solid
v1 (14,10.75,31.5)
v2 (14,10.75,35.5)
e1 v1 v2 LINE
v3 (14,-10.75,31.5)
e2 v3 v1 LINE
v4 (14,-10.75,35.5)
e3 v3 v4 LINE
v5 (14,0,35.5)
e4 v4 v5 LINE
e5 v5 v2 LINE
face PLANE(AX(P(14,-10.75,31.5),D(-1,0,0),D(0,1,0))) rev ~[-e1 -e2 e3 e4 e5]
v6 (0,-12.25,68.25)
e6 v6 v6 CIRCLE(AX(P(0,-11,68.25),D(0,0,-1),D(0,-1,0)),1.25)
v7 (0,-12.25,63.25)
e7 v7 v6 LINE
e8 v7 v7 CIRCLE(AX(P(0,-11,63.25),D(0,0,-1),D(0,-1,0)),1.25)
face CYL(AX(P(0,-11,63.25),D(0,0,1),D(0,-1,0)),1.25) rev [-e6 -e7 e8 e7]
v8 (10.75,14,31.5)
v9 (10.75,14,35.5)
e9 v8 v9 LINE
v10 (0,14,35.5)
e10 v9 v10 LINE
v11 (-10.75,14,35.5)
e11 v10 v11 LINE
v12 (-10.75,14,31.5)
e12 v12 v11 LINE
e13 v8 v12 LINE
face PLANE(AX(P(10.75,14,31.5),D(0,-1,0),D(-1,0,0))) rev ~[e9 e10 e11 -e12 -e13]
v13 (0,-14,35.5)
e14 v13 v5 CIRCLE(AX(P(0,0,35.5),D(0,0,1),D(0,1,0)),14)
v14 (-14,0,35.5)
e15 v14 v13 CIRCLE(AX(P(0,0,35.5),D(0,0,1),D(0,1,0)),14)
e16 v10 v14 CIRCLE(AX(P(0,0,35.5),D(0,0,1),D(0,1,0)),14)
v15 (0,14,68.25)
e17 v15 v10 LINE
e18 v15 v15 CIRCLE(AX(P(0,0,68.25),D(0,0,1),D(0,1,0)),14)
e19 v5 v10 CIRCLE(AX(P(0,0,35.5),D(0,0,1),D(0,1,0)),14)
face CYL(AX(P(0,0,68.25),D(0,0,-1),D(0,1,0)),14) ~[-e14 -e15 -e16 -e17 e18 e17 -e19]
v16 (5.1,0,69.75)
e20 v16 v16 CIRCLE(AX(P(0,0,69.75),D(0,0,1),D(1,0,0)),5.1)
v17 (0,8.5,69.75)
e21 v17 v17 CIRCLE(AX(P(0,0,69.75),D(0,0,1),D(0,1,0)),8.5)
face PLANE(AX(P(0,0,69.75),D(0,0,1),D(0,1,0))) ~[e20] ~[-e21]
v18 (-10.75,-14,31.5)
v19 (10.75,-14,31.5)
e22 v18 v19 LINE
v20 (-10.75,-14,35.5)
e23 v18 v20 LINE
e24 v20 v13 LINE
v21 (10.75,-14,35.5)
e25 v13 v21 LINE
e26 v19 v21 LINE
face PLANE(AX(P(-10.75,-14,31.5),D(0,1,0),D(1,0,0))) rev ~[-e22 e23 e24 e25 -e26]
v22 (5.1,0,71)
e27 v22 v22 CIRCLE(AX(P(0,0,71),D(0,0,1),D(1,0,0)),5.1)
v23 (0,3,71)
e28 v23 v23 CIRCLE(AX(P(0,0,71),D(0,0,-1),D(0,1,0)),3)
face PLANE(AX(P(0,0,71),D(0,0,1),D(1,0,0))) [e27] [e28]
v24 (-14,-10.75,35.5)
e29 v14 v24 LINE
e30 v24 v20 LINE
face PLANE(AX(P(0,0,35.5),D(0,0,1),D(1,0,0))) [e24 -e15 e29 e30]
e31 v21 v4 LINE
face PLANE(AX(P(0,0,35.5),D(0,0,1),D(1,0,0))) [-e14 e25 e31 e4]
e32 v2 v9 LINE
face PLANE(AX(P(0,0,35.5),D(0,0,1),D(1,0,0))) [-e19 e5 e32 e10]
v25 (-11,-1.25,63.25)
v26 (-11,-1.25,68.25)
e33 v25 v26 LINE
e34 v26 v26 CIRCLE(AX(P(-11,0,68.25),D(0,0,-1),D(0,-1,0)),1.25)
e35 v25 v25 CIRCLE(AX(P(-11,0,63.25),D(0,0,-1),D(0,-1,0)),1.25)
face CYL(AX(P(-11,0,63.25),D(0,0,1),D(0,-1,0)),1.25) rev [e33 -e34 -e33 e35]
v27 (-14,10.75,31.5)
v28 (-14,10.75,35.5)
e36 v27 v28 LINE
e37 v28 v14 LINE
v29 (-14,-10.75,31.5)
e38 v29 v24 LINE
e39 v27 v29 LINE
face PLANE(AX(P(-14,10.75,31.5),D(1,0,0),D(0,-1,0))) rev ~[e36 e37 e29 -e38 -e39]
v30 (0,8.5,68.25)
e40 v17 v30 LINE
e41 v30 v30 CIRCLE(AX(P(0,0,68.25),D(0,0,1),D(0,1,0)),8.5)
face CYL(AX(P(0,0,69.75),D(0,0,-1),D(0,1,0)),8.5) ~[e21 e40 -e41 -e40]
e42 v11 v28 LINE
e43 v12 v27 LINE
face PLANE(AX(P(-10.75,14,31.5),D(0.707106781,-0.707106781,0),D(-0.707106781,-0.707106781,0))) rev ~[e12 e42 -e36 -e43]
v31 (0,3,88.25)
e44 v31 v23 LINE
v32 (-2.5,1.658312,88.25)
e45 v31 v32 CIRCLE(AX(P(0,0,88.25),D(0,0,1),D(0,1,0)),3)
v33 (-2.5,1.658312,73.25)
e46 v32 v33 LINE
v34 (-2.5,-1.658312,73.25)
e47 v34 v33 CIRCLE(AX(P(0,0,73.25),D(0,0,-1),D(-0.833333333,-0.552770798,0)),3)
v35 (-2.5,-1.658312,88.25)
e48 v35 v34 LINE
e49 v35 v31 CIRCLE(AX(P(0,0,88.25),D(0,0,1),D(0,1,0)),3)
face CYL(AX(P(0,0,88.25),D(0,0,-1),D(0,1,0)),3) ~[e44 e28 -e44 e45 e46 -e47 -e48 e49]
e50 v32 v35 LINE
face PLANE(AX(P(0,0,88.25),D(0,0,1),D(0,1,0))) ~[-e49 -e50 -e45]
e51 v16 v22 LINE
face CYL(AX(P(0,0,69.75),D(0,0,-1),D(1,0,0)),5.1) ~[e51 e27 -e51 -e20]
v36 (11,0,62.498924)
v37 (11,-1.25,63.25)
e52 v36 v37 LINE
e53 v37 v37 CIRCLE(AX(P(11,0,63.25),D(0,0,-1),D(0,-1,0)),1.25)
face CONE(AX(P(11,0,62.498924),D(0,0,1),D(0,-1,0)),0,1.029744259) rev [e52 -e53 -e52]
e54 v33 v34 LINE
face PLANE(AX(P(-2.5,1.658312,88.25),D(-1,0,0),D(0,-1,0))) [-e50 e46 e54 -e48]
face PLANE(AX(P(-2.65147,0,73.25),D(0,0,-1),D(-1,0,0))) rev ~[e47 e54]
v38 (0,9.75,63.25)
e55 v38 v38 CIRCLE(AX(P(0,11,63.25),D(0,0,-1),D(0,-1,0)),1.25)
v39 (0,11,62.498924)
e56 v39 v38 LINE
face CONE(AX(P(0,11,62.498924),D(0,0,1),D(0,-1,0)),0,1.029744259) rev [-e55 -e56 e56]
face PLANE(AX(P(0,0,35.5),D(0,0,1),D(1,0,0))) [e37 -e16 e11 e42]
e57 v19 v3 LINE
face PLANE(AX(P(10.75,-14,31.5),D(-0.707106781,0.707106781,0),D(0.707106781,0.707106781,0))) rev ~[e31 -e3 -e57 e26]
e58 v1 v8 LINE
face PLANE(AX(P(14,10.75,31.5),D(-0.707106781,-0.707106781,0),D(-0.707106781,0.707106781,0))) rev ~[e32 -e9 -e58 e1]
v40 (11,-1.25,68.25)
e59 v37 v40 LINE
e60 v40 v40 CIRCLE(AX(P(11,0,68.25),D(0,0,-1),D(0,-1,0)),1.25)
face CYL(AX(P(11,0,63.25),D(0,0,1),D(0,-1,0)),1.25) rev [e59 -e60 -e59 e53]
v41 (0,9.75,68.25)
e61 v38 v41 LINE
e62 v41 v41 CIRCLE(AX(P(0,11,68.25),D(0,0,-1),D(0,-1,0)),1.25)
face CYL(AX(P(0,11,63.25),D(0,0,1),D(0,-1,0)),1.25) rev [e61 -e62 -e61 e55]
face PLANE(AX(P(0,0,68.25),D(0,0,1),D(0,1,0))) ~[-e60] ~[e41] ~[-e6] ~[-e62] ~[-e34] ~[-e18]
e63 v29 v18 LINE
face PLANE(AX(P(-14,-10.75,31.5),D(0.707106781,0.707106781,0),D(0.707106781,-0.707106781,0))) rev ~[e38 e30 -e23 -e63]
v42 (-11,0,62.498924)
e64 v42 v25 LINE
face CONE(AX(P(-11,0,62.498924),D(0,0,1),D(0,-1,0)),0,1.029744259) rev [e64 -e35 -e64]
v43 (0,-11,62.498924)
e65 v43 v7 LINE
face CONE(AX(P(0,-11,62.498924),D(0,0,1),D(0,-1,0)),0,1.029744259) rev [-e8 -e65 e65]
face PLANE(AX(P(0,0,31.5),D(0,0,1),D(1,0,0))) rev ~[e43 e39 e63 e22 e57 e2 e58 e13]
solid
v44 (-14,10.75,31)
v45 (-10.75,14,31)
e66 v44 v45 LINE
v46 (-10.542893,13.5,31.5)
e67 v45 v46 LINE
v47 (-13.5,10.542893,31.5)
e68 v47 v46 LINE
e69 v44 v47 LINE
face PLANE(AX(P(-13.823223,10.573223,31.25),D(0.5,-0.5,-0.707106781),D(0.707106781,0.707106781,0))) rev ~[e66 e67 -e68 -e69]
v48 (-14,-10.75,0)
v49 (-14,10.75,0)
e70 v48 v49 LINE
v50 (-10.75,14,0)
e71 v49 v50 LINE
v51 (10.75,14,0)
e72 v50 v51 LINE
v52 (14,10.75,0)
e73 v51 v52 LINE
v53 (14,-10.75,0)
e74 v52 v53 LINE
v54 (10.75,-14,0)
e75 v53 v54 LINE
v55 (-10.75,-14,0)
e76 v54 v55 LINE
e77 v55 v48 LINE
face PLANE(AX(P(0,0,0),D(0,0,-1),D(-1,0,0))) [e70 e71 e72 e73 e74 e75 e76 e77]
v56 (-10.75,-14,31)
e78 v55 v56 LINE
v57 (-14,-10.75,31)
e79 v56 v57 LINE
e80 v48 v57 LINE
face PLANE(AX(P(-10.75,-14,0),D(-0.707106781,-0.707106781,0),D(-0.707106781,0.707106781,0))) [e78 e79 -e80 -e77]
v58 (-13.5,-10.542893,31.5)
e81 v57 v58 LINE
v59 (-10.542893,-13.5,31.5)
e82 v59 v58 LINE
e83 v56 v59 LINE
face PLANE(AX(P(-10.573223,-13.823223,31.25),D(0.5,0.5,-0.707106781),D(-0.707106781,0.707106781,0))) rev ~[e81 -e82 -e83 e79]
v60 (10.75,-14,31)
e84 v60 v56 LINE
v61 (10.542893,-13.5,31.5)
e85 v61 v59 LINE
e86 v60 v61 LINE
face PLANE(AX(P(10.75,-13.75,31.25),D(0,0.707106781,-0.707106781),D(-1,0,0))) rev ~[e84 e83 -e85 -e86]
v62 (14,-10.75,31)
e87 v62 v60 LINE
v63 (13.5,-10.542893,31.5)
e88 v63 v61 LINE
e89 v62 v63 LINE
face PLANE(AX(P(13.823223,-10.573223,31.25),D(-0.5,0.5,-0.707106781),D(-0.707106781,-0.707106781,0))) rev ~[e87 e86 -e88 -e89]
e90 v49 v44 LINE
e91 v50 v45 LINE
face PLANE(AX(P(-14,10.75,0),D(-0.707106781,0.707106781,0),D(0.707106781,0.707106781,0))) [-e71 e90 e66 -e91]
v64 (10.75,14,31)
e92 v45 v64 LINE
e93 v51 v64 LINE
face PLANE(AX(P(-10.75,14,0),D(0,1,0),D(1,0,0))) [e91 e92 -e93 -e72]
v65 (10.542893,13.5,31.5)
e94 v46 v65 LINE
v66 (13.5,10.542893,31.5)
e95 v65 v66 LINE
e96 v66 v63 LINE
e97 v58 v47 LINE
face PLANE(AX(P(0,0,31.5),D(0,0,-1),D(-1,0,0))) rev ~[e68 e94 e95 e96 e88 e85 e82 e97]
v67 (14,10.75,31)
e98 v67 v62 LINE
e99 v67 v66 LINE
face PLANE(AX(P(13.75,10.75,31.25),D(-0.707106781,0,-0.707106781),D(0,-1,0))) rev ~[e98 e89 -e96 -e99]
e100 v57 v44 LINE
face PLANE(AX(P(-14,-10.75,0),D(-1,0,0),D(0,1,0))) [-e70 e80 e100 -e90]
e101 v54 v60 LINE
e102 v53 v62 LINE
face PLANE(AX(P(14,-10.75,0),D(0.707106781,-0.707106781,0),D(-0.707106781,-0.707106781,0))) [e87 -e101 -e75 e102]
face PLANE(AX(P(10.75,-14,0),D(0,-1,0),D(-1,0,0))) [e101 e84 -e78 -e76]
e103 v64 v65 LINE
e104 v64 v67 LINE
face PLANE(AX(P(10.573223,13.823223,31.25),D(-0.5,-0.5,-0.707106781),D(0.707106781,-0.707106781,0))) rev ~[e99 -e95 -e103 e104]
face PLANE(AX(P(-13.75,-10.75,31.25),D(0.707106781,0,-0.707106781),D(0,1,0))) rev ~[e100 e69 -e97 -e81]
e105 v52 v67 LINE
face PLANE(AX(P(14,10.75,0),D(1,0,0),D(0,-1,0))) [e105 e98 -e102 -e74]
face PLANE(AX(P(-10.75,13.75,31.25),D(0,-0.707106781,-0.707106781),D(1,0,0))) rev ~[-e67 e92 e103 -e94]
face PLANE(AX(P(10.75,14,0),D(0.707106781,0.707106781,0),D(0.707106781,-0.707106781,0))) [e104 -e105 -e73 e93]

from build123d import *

# Parameters (mm, degrees)
BOSS_EXTRUDE1_DEPTH            = 31.5
BOSS_EXTRUDE2_DEPTH            = 4
CHAMFER1_SIZE                  = 0.5
M3X0_5_TAPPED_HOLE1_AT_2_COUNT = 2
M3X0_5_TAPPED_HOLE1_AT_2_PITCH = 15.556349186
M3X0_5_TAPPED_HOLE1_AT_3_COUNT = 2
M3X0_5_TAPPED_HOLE1_AT_3_PITCH = 22
M3X0_5_TAPPED_HOLE1_AT_4_COUNT = 2
M3X0_5_TAPPED_HOLE1_AT_4_PITCH = 15.556349186
SKETCH8_R                      = 5.1
SKETCH8_R_2                    = 3
BOSS_EXTRUDE3_DEPTH            = 1.25
CUT_EXTRUDE1_DEPTH             = 15


with BuildPart() as part:
    # Sketch1 → Boss-Extrude1 (new body)
    with BuildSketch(Plane.XY):
        Polygon((10.75, -14), (-10.75, -14), (-14, -10.75), (-14, 10.75), (-10.75, 14), (10.75, 14), (14, 10.75), (14, -10.75), align=None)
    extrude(amount=BOSS_EXTRUDE1_DEPTH)

    # Chamfer1
    chamfer1_edges = [part.edges().sort_by_distance(p)[0] for p in [
        (-12.375, 12.375, 31.5),
        (-14, 0, 31.5),
        (-12.375, -12.375, 31.5),
        (0, -14, 31.5),
        (12.375, -12.375, 31.5),
        (14, 0, 31.5),
        (12.375, 12.375, 31.5),
        (0, 14, 31.5),
    ]]
    chamfer(chamfer1_edges, length=CHAMFER1_SIZE)


with BuildPart() as body_2:
    # Sketch3 → Boss-Extrude2 (new body)
    with BuildSketch(Plane.XY.offset(31.5)):
        Polygon((14, 10.75), (10.75, 14), (-10.75, 14), (-14, 10.75), (-14, -10.75), (-10.75, -14), (10.75, -14), (14, -10.75), align=None)
    extrude(amount=BOSS_EXTRUDE2_DEPTH)

    # Sketch4 → Revolve1 (revolve)
    with BuildSketch(Plane(origin=(0, 0, 0), x_dir=(0, 0, -1), z_dir=(1, 0, 0))):
        Polygon((-88.25, 0), (-88.25, 3), (-69.75, 3), (-69.75, 8.5), (-68.25, 8.5), (-68.25, 14), (-35.5, 14), (-35.5, 0), align=None)
    revolve(axis=Axis((0, 0, 35.5), (0, 0, 1)))

    # Sketch7 → M3x0.5 Tapped Hole1 (revolve, cut)
    with BuildSketch(Plane(origin=(0, 11, 68.25), x_dir=(0, -1, 0), z_dir=(1, 0, 0))):
        Polygon((0, 0), (0, 5.751075774), (1.25, 5), (1.25, 0), align=None)
    m3x0_5_tapped_hole1 = revolve(axis=Axis((0, 11, 74.6), (0, 0, -1)), mode=Mode.SUBTRACT)

    # M3x0.5 Tapped Hole1 at 2: M3x0.5 Tapped Hole1 ×2
    with Locations(*[Vector(0.707106781, -0.707106781, 0) * (i * M3X0_5_TAPPED_HOLE1_AT_2_PITCH) for i in range(1, M3X0_5_TAPPED_HOLE1_AT_2_COUNT)]):
        add(m3x0_5_tapped_hole1, mode=Mode.SUBTRACT)

    # M3x0.5 Tapped Hole1 at 3: M3x0.5 Tapped Hole1 ×2
    with Locations(*[(0, -i * M3X0_5_TAPPED_HOLE1_AT_3_PITCH, 0) for i in range(1, M3X0_5_TAPPED_HOLE1_AT_3_COUNT)]):
        add(m3x0_5_tapped_hole1, mode=Mode.SUBTRACT)

    # M3x0.5 Tapped Hole1 at 4: M3x0.5 Tapped Hole1 ×2
    with Locations(*[Vector(-0.707106781, -0.707106781, 0) * (i * M3X0_5_TAPPED_HOLE1_AT_4_PITCH) for i in range(1, M3X0_5_TAPPED_HOLE1_AT_4_COUNT)]):
        add(m3x0_5_tapped_hole1, mode=Mode.SUBTRACT)

    # Sketch8 → Boss-Extrude3 (add)
    with BuildSketch(Plane.XY.offset(69.75)):
        Circle(SKETCH8_R)
        Circle(SKETCH8_R_2, mode=Mode.SUBTRACT)
    extrude(amount=BOSS_EXTRUDE3_DEPTH)

    # Sketch9 → Cut-Extrude1 (cut)
    with BuildSketch(Plane.XY.offset(88.25)):
        with BuildLine():
            Line((-2.5, 1.658312395), (-2.5, -1.658312395))
            ThreePointArc((-2.5, -1.658312395), (-3, 0), (-2.5, 1.658312395))
        make_face()
    extrude(amount=-CUT_EXTRUDE1_DEPTH, mode=Mode.SUBTRACT)


solid = Compound([part.part, body_2.part])
